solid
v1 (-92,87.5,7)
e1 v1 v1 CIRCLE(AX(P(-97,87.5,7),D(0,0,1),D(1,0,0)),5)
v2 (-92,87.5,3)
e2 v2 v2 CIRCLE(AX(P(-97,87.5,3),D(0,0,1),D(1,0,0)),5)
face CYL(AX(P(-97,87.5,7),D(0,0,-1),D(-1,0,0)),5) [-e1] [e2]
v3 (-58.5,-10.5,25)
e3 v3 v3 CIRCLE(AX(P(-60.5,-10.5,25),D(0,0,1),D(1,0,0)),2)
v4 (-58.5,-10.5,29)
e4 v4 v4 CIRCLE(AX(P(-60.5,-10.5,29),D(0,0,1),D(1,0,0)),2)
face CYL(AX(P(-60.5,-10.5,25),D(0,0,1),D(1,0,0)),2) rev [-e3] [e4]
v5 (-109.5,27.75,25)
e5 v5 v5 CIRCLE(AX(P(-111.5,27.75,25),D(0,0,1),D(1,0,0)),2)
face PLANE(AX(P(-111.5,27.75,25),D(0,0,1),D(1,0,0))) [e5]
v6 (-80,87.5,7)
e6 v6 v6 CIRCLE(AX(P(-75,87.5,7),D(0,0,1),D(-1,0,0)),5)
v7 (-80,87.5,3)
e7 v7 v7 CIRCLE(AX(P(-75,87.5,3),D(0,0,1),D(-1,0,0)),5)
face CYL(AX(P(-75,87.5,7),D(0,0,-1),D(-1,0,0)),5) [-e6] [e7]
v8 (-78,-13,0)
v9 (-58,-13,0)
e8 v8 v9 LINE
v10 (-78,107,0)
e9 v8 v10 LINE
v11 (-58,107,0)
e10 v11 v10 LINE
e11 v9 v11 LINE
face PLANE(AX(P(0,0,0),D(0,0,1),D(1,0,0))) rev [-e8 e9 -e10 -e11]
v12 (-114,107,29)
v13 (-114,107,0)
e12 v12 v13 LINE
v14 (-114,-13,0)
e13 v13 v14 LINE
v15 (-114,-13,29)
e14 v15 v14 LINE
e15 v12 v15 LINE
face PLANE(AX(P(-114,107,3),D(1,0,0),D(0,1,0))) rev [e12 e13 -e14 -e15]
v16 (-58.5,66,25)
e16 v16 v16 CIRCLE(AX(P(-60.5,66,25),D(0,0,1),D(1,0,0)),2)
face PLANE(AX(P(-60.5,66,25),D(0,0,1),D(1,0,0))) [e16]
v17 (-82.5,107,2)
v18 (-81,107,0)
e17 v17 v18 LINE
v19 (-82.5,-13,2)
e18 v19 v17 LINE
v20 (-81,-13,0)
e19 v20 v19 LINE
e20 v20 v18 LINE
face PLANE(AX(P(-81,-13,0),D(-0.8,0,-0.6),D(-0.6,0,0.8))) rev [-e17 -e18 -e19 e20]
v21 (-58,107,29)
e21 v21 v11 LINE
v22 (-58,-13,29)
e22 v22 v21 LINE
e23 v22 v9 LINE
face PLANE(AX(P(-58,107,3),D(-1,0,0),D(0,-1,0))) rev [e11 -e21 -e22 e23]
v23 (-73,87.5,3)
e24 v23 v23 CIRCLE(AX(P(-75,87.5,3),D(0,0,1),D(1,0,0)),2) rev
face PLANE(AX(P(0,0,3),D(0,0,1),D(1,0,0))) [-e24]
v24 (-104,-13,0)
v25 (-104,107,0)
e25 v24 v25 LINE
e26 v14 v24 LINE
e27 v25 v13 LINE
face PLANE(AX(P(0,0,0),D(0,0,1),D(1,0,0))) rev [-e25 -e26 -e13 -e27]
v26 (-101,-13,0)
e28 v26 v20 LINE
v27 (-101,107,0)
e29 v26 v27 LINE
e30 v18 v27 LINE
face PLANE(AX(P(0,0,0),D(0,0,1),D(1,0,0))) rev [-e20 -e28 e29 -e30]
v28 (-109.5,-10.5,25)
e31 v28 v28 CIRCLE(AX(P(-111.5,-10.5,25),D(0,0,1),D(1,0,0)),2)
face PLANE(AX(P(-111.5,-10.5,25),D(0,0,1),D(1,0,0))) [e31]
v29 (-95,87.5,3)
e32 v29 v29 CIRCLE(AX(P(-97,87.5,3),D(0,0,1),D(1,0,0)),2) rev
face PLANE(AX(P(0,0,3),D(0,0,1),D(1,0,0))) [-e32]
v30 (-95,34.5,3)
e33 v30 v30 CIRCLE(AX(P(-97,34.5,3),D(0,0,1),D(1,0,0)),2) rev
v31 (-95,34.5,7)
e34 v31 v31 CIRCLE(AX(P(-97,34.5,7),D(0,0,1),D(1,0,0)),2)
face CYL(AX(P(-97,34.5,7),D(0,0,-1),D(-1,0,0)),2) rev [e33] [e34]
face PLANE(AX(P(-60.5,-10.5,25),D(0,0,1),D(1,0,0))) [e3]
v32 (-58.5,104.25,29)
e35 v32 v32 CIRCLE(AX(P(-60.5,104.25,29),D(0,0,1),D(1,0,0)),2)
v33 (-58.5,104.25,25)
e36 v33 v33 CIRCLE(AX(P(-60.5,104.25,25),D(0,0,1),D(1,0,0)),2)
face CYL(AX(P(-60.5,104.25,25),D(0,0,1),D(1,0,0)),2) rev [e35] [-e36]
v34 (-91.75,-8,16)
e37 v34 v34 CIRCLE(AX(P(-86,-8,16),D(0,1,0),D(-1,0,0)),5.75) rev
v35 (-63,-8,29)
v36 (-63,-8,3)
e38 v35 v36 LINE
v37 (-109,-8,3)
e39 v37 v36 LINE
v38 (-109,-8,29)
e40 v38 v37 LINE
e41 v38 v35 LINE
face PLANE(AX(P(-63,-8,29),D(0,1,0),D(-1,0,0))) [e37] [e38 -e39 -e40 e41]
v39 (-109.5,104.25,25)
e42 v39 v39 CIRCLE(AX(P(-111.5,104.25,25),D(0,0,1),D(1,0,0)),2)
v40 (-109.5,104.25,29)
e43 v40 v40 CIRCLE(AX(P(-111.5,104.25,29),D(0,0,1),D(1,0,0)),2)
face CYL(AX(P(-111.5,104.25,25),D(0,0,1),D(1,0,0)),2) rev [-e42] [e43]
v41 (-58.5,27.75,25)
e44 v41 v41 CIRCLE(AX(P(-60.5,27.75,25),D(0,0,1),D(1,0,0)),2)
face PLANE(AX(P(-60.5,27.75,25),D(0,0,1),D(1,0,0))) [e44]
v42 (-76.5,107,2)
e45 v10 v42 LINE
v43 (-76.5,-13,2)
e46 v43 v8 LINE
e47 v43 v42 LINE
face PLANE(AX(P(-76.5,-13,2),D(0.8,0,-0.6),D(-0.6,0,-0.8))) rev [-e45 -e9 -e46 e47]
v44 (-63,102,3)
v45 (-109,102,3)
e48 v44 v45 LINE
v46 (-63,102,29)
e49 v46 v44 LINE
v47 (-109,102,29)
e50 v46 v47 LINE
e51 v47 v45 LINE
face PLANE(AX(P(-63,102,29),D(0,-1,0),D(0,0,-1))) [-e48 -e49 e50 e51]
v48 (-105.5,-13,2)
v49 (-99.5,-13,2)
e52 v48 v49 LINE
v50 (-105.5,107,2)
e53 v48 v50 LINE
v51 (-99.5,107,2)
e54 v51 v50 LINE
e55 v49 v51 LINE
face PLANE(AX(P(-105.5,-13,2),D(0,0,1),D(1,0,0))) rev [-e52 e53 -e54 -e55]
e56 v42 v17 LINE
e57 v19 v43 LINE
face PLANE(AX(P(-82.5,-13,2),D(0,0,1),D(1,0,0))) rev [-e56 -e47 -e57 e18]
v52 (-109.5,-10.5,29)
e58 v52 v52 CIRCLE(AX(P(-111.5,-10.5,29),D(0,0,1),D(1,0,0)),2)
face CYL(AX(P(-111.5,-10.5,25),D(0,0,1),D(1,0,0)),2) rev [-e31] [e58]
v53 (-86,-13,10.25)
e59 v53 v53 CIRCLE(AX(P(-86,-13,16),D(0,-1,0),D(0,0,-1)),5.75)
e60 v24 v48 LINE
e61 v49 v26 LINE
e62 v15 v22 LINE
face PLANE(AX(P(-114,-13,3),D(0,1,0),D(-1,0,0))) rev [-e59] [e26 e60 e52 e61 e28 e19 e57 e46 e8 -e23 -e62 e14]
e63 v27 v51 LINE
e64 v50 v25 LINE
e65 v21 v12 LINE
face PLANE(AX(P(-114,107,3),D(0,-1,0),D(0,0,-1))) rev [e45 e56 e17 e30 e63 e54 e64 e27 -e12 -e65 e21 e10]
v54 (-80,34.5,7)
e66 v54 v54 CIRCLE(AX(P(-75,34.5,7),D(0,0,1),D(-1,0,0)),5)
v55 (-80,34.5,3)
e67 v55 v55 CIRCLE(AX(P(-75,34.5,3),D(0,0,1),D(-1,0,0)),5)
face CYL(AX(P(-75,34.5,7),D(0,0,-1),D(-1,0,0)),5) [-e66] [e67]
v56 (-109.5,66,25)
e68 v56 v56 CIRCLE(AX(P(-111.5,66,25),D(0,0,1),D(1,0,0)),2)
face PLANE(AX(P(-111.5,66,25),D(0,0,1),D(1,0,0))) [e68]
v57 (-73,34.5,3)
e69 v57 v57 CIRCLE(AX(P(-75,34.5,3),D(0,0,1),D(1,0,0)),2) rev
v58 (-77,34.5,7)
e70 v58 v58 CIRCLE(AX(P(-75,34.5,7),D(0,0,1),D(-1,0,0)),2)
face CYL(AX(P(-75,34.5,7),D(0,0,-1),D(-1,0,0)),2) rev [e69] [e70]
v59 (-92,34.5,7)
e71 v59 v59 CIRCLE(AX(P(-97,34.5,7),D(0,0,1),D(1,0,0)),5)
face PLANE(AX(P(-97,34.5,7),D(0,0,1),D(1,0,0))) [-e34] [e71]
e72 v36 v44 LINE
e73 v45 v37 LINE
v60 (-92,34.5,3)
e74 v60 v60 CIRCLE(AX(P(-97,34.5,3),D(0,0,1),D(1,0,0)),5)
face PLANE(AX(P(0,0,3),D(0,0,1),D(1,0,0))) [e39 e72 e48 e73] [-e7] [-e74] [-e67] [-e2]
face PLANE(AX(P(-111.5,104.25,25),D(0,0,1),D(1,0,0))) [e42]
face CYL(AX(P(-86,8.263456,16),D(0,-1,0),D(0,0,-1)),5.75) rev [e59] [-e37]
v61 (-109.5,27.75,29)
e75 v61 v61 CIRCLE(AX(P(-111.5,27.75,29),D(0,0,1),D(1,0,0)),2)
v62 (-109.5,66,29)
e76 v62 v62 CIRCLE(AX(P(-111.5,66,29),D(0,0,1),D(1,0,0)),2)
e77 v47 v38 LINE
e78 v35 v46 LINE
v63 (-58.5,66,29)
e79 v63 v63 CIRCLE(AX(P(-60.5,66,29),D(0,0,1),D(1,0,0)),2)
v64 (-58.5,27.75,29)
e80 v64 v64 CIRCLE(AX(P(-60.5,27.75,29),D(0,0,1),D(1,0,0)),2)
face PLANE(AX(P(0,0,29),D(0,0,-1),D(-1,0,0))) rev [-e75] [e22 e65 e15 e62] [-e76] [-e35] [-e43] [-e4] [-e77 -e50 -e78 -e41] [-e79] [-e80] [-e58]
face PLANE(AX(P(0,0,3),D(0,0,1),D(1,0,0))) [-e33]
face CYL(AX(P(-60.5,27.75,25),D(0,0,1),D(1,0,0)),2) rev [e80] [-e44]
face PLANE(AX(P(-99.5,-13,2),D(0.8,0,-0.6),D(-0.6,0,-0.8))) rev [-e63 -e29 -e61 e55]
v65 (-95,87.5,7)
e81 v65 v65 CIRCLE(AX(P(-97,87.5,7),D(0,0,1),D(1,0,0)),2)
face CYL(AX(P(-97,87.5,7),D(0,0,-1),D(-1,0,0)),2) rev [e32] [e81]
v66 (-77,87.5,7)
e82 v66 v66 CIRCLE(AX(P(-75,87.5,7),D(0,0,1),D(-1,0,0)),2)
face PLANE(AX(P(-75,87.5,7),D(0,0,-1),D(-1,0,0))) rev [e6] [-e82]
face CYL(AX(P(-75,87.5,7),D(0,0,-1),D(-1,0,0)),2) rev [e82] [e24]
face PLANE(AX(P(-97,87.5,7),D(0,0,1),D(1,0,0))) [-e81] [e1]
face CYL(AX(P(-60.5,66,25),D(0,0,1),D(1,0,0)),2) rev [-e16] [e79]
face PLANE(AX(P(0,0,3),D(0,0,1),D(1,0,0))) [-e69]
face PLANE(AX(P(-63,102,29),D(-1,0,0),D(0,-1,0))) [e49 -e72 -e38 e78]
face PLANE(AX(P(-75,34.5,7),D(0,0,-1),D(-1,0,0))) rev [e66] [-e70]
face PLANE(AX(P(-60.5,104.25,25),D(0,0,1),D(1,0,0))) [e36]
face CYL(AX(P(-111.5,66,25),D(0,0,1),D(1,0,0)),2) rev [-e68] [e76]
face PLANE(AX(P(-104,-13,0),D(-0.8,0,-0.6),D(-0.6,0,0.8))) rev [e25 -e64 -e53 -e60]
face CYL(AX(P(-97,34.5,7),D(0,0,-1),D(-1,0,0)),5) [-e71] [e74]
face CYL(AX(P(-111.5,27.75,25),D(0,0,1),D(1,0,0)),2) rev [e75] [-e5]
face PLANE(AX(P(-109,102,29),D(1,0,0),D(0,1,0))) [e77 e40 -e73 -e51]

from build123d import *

# Parameters (mm, degrees)
SKICA1_W                      = 56
SKICA1_H                      = 120
P_IDAT_VYSUNUT_M1_DEPTH       = 3
SKICA2_W                      = 56
SKICA2_H                      = 120
SKICA2_W_2                    = 46
SKICA2_H_2                    = 110
P_IDAT_VYSUNUT_M2_DEPTH       = 26
SKICA3_R                      = 5.75
ODEBRAT_VYSUNUT_M1_DEPTH      = 5
SKICA4_R                      = 5
SKICA4_R_2                    = 2
P_IDAT_VYSUNUT_M3_DEPTH       = 4
SKICA5_R                      = 2
ODEBRAT_VYSUNUT_M2_DEPTH      = 4
ODEBRAT_VYSUNUT_M3_DEPTH      = 169.038686022
ODEBRAT_VYSUNUT_M3_DEPTH_BACK = 169.038686022


with BuildPart() as part:
    # Skica1 → Přidat vysunutím1 (new body)
    with BuildSketch(Plane.XY):
        with Locations((-86, 47)):
            Rectangle(SKICA1_W, SKICA1_H)
    extrude(amount=P_IDAT_VYSUNUT_M1_DEPTH)



with BuildPart() as body_2:
    # Skica2 → Přidat vysunutím2 (new body)
    with BuildSketch(Plane.XY.offset(3)):
        with Locations((-86, 47)):
            Rectangle(SKICA2_W, SKICA2_H)
        with Locations((-86, 47)):
            Rectangle(SKICA2_W_2, SKICA2_H_2, mode=Mode.SUBTRACT)
    extrude(amount=P_IDAT_VYSUNUT_M2_DEPTH)

    # Skica3 → Odebrat vysunutím1 (cut)
    with BuildSketch(Plane.XZ.offset(13)):
        with Locations(Location((-86, 16, 0), (0, 0, 270))):
            Circle(SKICA3_R)
    extrude(amount=-ODEBRAT_VYSUNUT_M1_DEPTH, mode=Mode.SUBTRACT)


with BuildPart() as part_1:
    add(part.part)

    add(body_2.part)  # Přidat vysunutím3 merges body 2
    # Skica4 → Přidat vysunutím3 (add)
    # profile 1 of 4: a face of its own
    with BuildSketch(Plane.XY.offset(3)):
        with Locations((-97, 87.5)):
            Circle(SKICA4_R)
        with Locations((-97, 87.5)):
            Circle(SKICA4_R_2, mode=Mode.SUBTRACT)
    # profile 2 of 4: a face of its own
    with BuildSketch(Plane.XY.offset(3)):
        with Locations((-97, 34.5)):
            Circle(SKICA4_R)
        with Locations((-97, 34.5)):
            Circle(SKICA4_R_2, mode=Mode.SUBTRACT)
    # profile 3 of 4: a face of its own
    with BuildSketch(Plane.XY.offset(3)):
        with Locations(Location((-75, 34.5, 0), (0, 0, 180))):
            Circle(SKICA4_R)
        with Locations(Location((-75, 34.5, 0), (0, 0, 180))):
            Circle(SKICA4_R_2, mode=Mode.SUBTRACT)
    # profile 4 of 4: a face of its own
    with BuildSketch(Plane.XY.offset(3)):
        with Locations(Location((-75, 87.5, 0), (0, 0, 180))):
            Circle(SKICA4_R)
        with Locations(Location((-75, 87.5, 0), (0, 0, 180))):
            Circle(SKICA4_R_2, mode=Mode.SUBTRACT)
    extrude(amount=P_IDAT_VYSUNUT_M3_DEPTH)

    # Skica5 → Odebrat vysunutím2 (cut)
    with BuildSketch(Plane.XY.offset(29)):
        with Locations((-111.5, -10.5)):
            Circle(SKICA5_R)
        with Locations((-60.5, -10.5)):
            Circle(SKICA5_R)
        with Locations((-60.5, 27.75)):
            Circle(SKICA5_R)
        with Locations((-60.5, 66)):
            Circle(SKICA5_R)
        with Locations((-60.5, 104.25)):
            Circle(SKICA5_R)
        with Locations((-111.5, 27.75)):
            Circle(SKICA5_R)
        with Locations((-111.5, 66)):
            Circle(SKICA5_R)
        with Locations((-111.5, 104.25)):
            Circle(SKICA5_R)
    extrude(amount=-ODEBRAT_VYSUNUT_M2_DEPTH, mode=Mode.SUBTRACT)

    # Skica6 → Odebrat vysunutím3 (cut, two sides: drawn at the far end of the back side and taken through both)
    with BuildSketch(Plane(origin=(0, 107, 0), x_dir=(1, 0, 0), z_dir=(0, 1, 0)).offset(-ODEBRAT_VYSUNUT_M3_DEPTH_BACK)):
        Polygon((-104, 0), (-105.5, -2), (-99.5, -2), (-101, 0), align=None)
        Polygon((-81, 0), (-82.5, -2), (-76.5, -2), (-78, 0), align=None)
    extrude(amount=ODEBRAT_VYSUNUT_M3_DEPTH + ODEBRAT_VYSUNUT_M3_DEPTH_BACK, mode=Mode.SUBTRACT)


solid = part_1.part
